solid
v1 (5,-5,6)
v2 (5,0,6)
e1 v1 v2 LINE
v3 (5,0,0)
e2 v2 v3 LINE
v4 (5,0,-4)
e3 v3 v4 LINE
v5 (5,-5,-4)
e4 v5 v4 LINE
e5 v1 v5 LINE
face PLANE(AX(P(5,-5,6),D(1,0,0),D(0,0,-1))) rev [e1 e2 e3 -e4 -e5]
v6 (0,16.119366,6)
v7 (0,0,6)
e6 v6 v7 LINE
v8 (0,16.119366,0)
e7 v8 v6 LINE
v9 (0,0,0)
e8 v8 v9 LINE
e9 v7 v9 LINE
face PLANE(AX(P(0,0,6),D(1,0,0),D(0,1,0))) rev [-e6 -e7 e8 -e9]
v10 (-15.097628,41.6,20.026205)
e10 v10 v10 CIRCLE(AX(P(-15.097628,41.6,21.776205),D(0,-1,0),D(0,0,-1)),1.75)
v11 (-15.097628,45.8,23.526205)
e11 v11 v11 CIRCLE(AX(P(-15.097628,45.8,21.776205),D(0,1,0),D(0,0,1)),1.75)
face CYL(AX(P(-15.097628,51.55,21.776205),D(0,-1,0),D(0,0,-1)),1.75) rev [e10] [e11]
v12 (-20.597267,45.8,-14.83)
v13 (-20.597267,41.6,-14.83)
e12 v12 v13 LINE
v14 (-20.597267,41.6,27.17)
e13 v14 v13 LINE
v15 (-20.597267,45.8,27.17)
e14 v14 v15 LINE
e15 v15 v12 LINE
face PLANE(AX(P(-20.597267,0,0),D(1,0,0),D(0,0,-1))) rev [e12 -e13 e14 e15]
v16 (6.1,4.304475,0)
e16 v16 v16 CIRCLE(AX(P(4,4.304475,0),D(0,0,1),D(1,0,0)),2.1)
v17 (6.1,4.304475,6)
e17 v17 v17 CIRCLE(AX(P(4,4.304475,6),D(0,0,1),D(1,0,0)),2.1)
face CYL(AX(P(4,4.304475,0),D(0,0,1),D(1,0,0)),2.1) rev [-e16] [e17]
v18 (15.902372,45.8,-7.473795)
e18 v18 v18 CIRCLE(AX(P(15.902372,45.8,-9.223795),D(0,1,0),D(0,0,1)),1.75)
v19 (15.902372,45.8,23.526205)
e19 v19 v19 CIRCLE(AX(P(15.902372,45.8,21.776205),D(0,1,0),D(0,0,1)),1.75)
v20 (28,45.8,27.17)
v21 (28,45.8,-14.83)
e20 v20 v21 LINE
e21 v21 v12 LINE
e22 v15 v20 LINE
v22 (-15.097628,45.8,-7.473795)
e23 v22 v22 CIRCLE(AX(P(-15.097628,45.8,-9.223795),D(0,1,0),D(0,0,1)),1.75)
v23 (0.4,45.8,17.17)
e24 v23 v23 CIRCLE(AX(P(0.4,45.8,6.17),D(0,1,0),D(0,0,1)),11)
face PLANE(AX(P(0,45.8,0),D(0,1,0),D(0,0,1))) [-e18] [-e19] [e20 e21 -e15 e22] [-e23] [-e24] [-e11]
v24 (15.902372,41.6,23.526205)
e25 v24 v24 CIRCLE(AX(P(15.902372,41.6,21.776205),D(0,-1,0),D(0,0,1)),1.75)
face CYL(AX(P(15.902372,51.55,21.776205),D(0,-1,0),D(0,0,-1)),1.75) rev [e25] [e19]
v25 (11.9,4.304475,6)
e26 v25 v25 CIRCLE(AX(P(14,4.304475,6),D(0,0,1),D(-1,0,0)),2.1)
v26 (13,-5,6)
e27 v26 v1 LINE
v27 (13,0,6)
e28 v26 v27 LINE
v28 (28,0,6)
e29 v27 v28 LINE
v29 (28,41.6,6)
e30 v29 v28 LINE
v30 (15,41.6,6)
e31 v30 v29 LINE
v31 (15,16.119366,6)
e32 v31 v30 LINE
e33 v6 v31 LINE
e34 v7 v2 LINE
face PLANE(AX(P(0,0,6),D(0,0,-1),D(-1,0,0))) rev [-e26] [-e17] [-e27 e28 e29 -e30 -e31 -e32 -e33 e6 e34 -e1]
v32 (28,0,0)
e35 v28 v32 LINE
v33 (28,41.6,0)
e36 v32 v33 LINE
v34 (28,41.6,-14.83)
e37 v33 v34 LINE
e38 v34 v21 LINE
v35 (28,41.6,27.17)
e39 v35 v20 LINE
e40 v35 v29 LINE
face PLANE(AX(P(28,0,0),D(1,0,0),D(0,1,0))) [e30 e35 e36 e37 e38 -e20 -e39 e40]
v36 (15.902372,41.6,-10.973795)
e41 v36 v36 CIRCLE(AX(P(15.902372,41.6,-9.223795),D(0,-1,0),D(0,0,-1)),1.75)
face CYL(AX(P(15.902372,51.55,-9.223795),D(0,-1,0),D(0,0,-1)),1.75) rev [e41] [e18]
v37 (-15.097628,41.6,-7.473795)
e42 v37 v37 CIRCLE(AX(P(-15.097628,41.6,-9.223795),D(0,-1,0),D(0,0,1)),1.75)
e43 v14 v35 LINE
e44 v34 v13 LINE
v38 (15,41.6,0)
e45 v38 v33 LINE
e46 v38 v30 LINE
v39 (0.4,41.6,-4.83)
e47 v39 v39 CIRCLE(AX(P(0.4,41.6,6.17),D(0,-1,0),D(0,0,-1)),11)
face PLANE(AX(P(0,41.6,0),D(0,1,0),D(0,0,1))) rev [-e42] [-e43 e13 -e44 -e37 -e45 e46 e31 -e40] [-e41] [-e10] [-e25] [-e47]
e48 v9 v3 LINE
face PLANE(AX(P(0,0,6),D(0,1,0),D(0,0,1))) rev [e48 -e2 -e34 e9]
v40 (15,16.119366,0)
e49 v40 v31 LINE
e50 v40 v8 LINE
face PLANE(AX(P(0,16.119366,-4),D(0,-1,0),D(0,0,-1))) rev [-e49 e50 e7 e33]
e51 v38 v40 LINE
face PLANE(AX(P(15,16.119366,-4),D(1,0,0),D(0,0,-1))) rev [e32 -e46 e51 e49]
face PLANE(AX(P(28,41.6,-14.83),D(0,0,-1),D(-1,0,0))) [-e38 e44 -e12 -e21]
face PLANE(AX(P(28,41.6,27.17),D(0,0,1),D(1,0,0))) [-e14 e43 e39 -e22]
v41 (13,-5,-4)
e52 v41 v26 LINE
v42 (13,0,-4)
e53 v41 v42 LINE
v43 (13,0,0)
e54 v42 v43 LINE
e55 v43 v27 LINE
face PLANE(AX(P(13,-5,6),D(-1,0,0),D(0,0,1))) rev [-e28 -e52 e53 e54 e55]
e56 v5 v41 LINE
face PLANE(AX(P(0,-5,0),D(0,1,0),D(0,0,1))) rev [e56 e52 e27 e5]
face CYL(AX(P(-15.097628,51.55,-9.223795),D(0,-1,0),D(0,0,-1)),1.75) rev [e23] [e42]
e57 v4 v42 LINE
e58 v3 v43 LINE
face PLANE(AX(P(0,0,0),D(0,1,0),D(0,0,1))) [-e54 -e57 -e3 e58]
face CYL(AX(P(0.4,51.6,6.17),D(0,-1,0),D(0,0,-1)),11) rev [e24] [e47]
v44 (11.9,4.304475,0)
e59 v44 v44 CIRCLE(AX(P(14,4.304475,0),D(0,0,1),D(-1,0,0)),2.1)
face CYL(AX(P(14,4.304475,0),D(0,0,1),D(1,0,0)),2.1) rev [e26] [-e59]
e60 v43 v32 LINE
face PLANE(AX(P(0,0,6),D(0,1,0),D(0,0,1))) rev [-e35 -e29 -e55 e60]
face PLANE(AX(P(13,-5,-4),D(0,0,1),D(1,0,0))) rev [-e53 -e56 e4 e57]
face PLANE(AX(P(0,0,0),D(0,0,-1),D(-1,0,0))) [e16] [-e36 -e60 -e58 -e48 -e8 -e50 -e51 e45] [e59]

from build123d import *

# Parameters (mm, degrees)
SKETCH_1_W          = 18
SKETCH_1_H          = 50
EXTRUDE_1_DEPTH     = 6
SKETCH_3_R          = 2.1
CUT_EXTRUDE_2_DEPTH = 6
SKETCH_4_W          = 8
SKETCH_4_H          = 10
EXTRUDE_2_DEPTH     = 5
SKETCH_5_W          = 6
SKETCH_5_H          = 50
EXTRUDE_3_DEPTH     = 10
SKETCH_6_W          = 15
SKETCH_6_H          = 33.880633875
CUT_EXTRUDE_3_DEPTH = 10
SKETCH_7_W          = 18.194641251
SKETCH_7_H          = 8.438338953
CUT_EXTRUDE_4_DEPTH = 4.2
SKETCH_8_W          = 58.547266504
SKETCH_8_H          = 42
EXTRUDE_4_DEPTH     = 4.2
SKETCH_9_W          = 49.225807408
SKETCH_9_H          = 6.051517764
CUT_EXTRUDE_5_DEPTH = 9.95
SKETCH_15_R         = 1.75
CUT_EXTRUDE_6_DEPTH = 9.95
SKETCH_16_R         = 11
CUT_EXTRUDE_7_DEPTH = 10


with BuildPart() as part:
    # 草图1 → 凸台-拉伸1 (new body)
    with BuildSketch(Plane.XY):
        with Locations((9, 25)):
            Rectangle(SKETCH_1_W, SKETCH_1_H)
    extrude(amount=EXTRUDE_1_DEPTH)

    # 草图3 → 切除-拉伸2 (cut)
    with BuildSketch(Plane.XY.offset(6)):
        with Locations((4, 4.30447472)):
            Circle(SKETCH_3_R)
        with Locations((14, 4.30447472)):
            Circle(SKETCH_3_R)
    extrude(amount=-CUT_EXTRUDE_2_DEPTH, mode=Mode.SUBTRACT)

    # 草图4 → 凸台-拉伸2 (add)
    with BuildSketch(Plane.XZ):
        with Locations((9, 1)):
            Rectangle(SKETCH_4_W, SKETCH_4_H)
    extrude(amount=EXTRUDE_2_DEPTH)

    # 草图5 → 凸台-拉伸3 (add)
    with BuildSketch(Plane(origin=(18, 0, 0), x_dir=(0, 0, -1), z_dir=(1, 0, 0))):
        with Locations((-3, 25)):
            Rectangle(SKETCH_5_W, SKETCH_5_H)
    extrude(amount=EXTRUDE_3_DEPTH)

    # 草图6 → 切除-拉伸3 (cut)
    with BuildSketch(Plane.XY.offset(6)):
        with Locations((7.5, 33.059683062)):
            Rectangle(SKETCH_6_W, SKETCH_6_H)
    extrude(amount=-CUT_EXTRUDE_3_DEPTH, mode=Mode.SUBTRACT)

    # 草图7 → 切除-拉伸4 (cut)
    with BuildSketch(Plane(origin=(0, 50, 0), x_dir=(1, 0, 0), z_dir=(0, 1, 0))):
        with Locations((18.902679374, -1.780830523)):
            Rectangle(SKETCH_7_W, SKETCH_7_H)
    extrude(amount=-CUT_EXTRUDE_4_DEPTH, mode=Mode.SUBTRACT)

    # 草图8 → 凸台-拉伸4 (add)
    with BuildSketch(Plane(origin=(0, 45.8, 0), x_dir=(1, 0, 0), z_dir=(0, 1, 0))):
        with Locations((-1.273633252, -6.17)):
            Rectangle(SKETCH_8_W, SKETCH_8_H)
    extrude(amount=-EXTRUDE_4_DEPTH)

    # 草图9 → 切除-拉伸5 (cut)
    with BuildSketch(Plane.ZY.offset(30.547266504)):
        with Locations((2.557096296, 42.774241118)):
            Rectangle(SKETCH_9_W, SKETCH_9_H)
    extrude(amount=-CUT_EXTRUDE_5_DEPTH, mode=Mode.SUBTRACT)

    # 草图15 → 切除-拉伸6 (cut)
    with BuildSketch(Plane.XZ.offset(-41.6)):
        with Locations((15.90237217, -9.22379542)):
            Circle(SKETCH_15_R)
        with Locations((-15.09762783, -9.22379542)):
            Circle(SKETCH_15_R)
        with Locations((15.90237217, 21.77620458)):
            Circle(SKETCH_15_R)
        with Locations((-15.09762783, 21.77620458)):
            Circle(SKETCH_15_R)
    extrude(amount=-CUT_EXTRUDE_6_DEPTH, mode=Mode.SUBTRACT)

    # 草图16 → 切除-拉伸7 (cut)
    with BuildSketch(Plane.XZ.offset(-41.6)):
        with Locations((0.4, 6.17)):
            Circle(SKETCH_16_R)
    extrude(amount=-CUT_EXTRUDE_7_DEPTH, mode=Mode.SUBTRACT)


solid = part.part
